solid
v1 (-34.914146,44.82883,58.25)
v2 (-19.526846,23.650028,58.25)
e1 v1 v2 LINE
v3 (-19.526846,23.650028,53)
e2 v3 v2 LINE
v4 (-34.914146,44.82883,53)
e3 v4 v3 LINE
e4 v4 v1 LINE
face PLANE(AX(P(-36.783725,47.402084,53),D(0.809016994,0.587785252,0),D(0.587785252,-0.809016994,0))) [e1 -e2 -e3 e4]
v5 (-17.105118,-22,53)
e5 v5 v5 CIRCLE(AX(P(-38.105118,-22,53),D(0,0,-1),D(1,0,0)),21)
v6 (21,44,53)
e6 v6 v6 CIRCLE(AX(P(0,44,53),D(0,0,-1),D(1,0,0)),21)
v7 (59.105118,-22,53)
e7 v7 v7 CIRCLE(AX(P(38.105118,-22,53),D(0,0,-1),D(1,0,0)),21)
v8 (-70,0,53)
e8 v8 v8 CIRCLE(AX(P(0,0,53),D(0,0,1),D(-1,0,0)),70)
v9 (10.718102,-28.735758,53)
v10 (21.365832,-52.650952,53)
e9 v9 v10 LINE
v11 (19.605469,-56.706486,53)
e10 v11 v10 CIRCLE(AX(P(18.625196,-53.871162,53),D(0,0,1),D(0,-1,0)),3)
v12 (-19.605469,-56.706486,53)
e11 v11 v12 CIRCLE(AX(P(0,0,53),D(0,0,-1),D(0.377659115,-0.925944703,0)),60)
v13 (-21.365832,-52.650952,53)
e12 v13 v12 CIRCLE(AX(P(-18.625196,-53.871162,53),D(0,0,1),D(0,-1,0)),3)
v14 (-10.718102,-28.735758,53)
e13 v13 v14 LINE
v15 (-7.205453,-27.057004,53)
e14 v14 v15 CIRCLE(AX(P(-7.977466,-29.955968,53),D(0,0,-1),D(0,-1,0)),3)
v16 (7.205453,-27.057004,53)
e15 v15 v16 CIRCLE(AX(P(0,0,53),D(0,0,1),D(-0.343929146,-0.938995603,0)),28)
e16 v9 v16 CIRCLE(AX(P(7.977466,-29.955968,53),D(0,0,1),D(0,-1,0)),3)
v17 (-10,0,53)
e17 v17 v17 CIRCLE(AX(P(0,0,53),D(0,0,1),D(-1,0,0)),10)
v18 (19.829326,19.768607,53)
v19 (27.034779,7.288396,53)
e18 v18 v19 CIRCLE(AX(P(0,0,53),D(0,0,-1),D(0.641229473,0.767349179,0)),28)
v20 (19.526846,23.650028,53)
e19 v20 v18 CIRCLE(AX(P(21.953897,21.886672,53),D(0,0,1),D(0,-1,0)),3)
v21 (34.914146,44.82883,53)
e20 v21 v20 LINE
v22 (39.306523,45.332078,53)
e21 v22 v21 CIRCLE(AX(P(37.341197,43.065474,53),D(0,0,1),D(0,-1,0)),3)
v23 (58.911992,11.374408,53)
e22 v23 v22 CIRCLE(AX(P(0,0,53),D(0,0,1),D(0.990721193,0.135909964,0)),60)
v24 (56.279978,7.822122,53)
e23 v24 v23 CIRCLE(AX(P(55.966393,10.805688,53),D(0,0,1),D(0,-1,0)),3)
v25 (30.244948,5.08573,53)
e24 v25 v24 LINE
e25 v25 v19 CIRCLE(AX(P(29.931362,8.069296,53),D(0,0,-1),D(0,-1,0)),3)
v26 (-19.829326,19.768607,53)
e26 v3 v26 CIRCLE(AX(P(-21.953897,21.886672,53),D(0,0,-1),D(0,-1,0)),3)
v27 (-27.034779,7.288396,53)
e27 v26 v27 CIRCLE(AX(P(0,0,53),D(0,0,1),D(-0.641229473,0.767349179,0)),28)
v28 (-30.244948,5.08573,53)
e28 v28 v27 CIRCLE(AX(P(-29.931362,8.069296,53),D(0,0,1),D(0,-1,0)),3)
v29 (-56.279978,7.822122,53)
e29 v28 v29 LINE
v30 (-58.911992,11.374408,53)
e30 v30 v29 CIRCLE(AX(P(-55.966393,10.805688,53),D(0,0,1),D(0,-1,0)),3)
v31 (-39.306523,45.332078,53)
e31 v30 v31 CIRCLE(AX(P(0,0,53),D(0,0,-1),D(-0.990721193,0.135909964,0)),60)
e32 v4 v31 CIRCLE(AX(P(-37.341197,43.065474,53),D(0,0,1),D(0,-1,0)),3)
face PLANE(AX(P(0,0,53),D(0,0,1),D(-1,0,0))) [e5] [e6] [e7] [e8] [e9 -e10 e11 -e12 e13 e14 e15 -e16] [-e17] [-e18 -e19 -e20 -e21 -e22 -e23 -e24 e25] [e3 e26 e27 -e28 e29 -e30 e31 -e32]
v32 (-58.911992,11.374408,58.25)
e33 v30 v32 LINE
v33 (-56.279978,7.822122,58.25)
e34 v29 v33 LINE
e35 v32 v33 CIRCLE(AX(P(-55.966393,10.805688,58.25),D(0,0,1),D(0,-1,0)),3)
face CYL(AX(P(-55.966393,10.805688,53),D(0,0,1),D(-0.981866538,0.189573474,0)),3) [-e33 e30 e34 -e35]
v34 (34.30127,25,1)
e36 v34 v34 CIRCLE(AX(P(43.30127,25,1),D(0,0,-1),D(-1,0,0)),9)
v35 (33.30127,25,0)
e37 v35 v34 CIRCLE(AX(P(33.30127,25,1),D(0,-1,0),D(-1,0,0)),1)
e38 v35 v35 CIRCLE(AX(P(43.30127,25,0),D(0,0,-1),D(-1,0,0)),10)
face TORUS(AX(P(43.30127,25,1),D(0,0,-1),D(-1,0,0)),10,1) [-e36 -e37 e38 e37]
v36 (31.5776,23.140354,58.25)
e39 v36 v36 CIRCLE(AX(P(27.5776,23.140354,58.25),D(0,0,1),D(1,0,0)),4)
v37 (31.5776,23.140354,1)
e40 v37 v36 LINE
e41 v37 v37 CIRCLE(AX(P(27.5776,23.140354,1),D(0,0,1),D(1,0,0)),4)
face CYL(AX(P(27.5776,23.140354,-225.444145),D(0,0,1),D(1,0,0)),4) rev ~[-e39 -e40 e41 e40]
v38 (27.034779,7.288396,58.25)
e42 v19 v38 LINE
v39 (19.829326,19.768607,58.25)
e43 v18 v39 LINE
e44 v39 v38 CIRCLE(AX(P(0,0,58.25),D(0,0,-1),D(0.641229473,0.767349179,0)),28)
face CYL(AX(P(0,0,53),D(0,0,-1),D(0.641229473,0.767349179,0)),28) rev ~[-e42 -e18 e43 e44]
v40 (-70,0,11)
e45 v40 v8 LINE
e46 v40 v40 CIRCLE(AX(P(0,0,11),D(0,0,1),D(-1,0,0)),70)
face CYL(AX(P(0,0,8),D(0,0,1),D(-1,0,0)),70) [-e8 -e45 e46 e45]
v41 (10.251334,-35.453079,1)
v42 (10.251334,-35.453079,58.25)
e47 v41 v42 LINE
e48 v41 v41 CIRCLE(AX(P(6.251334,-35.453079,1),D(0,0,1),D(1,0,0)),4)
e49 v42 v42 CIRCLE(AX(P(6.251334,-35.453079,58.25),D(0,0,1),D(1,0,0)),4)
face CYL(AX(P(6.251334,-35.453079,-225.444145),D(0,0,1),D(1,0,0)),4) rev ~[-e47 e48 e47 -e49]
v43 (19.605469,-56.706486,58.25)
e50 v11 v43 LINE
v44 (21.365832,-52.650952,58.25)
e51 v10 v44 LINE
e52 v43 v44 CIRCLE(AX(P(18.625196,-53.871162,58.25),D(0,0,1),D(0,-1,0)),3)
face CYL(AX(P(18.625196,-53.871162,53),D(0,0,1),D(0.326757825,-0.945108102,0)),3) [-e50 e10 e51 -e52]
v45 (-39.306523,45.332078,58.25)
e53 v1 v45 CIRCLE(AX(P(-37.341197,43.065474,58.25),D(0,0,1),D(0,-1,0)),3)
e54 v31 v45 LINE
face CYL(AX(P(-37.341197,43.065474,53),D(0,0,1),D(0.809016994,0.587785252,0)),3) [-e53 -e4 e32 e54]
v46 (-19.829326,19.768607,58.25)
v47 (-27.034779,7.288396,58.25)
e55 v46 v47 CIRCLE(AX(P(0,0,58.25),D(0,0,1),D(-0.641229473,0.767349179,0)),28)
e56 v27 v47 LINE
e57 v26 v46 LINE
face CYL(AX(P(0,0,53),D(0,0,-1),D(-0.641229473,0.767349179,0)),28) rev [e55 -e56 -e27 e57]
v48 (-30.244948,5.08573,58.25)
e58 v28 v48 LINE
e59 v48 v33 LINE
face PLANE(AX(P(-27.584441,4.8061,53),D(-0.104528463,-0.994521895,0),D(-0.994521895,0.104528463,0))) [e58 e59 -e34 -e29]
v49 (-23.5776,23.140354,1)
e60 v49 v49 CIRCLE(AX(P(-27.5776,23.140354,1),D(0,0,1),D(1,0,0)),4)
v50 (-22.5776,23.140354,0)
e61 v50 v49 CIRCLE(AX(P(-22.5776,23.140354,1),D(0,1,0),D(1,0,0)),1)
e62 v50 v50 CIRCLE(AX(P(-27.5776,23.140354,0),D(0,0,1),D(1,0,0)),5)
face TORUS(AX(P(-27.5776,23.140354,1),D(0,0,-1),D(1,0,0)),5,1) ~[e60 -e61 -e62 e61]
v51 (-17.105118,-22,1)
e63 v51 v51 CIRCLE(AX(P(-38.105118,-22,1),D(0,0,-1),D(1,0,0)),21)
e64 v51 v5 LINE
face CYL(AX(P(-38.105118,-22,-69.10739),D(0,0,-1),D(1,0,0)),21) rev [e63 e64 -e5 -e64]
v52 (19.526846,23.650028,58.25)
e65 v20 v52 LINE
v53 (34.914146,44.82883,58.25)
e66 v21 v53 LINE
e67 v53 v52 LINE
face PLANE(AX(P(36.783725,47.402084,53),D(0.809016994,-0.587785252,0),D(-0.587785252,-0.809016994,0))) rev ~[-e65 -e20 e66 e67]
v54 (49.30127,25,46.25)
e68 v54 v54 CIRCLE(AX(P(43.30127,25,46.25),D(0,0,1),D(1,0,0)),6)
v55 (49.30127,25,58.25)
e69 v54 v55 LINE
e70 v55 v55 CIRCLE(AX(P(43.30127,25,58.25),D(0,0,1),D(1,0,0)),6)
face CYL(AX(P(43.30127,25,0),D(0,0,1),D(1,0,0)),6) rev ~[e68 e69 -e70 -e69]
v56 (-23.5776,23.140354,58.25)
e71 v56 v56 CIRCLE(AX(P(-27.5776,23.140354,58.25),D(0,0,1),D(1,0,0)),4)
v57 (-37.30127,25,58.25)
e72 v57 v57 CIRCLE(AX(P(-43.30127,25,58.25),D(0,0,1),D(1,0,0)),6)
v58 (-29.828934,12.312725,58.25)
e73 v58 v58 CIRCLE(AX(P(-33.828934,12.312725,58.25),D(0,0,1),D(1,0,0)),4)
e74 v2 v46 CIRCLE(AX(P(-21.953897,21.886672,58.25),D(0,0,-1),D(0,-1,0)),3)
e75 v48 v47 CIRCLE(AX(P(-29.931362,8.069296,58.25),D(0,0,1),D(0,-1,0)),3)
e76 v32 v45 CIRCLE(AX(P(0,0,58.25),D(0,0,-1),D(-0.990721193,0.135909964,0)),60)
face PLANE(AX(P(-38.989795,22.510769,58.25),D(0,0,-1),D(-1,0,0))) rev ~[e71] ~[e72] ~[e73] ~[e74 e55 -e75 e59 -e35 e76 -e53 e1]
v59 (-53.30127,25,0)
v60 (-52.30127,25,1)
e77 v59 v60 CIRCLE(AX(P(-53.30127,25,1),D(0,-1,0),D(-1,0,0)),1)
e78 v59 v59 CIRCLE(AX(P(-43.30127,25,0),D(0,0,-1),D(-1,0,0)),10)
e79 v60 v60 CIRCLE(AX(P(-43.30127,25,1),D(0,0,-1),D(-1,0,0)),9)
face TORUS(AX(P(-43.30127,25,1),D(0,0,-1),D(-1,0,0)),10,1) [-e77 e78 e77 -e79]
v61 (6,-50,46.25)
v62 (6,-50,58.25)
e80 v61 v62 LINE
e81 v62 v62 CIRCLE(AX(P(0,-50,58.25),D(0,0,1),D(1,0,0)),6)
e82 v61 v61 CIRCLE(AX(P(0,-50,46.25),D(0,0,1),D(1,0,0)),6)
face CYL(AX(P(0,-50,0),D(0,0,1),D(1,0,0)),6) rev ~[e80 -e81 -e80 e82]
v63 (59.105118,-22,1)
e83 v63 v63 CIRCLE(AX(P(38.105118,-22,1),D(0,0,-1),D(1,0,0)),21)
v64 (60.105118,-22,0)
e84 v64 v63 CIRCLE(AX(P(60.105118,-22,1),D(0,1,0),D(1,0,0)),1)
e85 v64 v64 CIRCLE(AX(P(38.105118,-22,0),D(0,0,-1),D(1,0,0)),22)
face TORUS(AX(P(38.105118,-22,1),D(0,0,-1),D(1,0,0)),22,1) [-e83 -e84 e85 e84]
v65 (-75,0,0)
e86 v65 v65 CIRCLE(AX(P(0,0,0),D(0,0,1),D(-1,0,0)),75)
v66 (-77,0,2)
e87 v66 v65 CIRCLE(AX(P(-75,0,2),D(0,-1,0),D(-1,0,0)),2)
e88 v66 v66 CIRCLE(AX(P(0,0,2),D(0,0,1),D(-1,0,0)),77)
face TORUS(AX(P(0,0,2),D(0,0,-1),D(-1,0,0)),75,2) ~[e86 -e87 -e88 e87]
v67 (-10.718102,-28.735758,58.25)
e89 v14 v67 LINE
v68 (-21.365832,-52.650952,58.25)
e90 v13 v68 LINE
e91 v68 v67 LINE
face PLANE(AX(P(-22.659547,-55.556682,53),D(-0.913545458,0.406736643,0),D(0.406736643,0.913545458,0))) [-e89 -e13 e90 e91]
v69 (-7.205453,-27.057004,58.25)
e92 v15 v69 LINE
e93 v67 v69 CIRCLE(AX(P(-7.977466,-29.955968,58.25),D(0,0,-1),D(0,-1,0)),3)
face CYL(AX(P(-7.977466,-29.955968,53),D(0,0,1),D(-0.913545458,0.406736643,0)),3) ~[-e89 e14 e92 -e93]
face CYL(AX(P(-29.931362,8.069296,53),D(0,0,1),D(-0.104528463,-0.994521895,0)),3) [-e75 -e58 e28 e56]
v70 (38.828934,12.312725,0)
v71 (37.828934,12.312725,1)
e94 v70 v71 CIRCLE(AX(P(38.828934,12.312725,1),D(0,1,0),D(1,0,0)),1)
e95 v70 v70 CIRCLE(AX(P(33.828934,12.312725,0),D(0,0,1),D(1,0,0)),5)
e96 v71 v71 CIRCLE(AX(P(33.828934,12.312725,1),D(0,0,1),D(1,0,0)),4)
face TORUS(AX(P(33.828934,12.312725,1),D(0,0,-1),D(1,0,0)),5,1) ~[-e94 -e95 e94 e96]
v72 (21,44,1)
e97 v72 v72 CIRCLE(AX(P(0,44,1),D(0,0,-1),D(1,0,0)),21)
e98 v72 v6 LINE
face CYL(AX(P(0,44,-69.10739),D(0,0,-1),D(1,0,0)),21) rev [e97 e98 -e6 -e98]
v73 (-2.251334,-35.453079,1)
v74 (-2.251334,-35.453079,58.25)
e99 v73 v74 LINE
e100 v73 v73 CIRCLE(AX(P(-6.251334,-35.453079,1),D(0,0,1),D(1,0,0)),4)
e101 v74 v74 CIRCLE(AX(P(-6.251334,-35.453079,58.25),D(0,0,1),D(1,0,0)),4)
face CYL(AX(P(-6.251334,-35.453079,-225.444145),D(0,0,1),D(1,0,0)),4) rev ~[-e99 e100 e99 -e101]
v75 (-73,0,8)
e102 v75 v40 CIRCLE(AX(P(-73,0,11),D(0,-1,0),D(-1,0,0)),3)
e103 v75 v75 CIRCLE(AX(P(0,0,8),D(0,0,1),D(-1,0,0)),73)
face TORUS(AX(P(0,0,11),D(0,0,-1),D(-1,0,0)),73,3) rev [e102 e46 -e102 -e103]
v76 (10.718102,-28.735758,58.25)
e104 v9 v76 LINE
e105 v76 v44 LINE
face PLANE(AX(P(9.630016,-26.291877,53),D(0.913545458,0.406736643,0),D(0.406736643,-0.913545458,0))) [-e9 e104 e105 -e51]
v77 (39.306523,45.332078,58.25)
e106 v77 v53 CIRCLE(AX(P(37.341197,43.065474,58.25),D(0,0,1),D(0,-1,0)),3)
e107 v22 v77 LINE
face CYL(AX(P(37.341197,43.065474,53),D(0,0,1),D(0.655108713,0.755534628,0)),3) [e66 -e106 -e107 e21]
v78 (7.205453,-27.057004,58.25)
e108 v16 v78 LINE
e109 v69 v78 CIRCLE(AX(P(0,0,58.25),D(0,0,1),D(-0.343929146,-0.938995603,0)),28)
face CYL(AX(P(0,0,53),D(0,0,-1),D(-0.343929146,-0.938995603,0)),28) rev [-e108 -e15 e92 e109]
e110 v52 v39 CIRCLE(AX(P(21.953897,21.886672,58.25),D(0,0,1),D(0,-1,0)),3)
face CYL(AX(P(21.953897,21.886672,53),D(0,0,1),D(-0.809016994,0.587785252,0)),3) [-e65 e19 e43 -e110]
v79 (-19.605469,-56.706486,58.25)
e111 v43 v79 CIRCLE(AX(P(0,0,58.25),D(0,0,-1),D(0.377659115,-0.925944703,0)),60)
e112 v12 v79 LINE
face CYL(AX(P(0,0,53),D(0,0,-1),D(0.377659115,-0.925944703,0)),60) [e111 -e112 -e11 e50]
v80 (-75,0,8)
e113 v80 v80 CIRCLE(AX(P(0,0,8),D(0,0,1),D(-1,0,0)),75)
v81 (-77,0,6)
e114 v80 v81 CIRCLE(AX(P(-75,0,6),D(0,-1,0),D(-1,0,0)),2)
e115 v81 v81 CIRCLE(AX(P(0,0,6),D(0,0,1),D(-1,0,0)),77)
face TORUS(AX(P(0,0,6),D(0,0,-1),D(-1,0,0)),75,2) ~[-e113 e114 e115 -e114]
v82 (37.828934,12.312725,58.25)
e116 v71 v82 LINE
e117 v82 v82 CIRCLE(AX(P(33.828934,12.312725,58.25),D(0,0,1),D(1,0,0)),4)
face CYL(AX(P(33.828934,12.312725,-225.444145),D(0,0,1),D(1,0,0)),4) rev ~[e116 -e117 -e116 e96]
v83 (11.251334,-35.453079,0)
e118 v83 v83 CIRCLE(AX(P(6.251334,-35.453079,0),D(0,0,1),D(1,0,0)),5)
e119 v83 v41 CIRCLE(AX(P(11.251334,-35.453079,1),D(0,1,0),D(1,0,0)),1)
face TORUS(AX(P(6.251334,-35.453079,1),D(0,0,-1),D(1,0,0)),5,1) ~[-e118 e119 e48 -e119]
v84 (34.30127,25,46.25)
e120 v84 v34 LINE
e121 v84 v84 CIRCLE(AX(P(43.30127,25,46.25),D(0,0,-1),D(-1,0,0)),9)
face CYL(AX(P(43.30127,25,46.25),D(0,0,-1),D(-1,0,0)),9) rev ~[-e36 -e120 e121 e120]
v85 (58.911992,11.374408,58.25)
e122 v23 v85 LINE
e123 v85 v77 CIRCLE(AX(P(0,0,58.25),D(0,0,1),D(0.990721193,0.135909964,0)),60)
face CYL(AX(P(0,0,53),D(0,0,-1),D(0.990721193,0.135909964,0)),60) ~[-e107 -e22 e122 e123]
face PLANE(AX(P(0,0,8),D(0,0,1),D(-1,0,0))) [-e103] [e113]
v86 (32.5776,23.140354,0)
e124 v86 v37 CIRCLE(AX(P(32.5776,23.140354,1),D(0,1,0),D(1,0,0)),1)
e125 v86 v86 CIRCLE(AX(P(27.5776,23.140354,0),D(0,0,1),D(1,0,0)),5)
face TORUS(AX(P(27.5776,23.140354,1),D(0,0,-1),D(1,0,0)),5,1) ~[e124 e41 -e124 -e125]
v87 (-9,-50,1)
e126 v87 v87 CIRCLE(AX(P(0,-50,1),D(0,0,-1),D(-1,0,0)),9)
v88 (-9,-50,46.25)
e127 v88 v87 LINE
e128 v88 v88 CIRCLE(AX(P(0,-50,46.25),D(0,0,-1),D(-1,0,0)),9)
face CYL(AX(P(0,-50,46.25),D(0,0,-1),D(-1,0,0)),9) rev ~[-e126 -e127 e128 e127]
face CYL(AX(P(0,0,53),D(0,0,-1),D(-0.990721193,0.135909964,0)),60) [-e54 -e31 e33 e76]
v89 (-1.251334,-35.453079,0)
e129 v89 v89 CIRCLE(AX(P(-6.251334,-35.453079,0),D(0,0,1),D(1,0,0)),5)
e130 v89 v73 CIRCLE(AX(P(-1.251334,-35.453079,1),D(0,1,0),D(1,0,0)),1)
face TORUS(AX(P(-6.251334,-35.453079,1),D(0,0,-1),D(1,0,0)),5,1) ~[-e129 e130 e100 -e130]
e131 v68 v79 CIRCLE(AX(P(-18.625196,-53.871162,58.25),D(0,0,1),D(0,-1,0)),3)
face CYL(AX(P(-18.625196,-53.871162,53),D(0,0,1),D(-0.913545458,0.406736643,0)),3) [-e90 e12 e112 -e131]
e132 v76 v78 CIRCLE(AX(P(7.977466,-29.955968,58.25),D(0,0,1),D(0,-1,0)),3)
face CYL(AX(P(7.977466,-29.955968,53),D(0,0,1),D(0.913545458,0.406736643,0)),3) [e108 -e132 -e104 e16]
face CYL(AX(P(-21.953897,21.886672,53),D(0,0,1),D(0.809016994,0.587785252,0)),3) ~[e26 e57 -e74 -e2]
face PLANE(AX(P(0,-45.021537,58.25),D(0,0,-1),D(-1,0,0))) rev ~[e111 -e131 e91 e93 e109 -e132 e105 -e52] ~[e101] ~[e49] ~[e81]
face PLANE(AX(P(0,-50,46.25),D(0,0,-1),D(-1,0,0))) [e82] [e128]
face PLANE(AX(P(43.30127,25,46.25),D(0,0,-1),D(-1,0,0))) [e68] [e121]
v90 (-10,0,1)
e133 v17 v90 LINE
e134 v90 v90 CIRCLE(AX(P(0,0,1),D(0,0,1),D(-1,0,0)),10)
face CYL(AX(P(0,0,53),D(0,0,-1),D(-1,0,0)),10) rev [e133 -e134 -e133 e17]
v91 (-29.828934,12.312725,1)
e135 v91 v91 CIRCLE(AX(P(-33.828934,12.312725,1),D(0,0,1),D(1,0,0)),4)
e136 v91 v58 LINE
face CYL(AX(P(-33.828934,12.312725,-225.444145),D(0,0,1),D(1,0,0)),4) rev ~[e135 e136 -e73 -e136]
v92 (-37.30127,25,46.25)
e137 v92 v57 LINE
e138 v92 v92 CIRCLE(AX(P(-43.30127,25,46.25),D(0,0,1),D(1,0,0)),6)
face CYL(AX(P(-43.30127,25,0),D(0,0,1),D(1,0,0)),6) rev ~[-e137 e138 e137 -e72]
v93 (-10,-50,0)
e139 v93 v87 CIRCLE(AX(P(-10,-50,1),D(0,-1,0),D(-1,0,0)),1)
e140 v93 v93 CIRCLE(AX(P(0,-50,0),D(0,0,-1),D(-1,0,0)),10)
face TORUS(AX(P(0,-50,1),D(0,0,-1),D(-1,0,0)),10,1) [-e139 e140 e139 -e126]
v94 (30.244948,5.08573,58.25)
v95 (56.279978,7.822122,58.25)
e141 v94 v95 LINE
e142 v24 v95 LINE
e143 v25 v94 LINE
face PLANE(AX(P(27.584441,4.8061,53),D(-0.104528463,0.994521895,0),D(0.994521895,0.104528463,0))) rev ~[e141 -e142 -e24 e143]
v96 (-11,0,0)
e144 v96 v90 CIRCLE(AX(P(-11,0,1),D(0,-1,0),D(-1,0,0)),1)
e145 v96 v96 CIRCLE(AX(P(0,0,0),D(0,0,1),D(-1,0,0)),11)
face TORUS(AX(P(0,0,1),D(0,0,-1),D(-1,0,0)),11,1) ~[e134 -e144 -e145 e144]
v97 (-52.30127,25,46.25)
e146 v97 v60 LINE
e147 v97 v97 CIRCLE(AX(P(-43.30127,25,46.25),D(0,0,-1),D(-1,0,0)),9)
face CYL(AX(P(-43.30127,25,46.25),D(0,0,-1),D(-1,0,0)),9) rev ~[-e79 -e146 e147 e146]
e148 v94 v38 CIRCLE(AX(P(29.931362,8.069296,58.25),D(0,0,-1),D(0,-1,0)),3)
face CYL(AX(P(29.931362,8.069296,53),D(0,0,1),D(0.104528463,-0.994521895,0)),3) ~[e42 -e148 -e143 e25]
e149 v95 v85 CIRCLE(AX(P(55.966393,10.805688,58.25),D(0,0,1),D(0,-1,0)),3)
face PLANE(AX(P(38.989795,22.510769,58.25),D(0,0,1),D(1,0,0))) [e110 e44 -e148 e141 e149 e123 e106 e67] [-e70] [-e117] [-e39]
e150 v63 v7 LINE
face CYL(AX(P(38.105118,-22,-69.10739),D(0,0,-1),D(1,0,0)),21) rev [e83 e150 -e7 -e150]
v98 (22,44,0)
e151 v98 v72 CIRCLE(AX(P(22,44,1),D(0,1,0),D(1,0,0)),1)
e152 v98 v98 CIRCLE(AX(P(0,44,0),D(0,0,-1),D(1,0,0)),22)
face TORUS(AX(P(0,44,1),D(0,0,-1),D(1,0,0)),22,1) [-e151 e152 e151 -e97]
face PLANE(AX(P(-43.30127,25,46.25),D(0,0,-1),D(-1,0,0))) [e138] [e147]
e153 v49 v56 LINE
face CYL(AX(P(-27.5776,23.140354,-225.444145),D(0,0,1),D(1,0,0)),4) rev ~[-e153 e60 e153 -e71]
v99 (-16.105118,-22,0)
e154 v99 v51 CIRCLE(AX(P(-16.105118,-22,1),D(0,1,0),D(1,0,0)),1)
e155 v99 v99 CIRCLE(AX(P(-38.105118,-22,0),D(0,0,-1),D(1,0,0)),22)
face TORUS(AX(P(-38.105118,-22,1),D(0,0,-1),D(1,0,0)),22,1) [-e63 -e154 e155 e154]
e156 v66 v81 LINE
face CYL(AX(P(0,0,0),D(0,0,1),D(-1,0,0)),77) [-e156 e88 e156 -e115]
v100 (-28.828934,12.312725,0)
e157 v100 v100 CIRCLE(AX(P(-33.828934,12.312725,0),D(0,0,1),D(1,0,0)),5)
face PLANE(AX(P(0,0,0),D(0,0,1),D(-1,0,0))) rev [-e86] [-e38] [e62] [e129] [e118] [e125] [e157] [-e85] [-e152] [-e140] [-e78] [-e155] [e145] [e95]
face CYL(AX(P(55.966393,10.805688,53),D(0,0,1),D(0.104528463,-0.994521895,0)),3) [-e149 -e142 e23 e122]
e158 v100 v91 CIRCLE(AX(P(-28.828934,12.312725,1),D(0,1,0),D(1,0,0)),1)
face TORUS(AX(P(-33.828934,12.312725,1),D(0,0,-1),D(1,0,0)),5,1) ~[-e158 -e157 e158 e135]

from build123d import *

# Parameters (mm, degrees)
ENL_V_MAT_EXTRU_1_DEPTH      = 122.107390361
ENL_V_MAT_EXTRU_1_DEPTH_BACK = 122.107390361
ESQUISSE2_R                  = 21
BOSS_EXTRU_1_DEPTH           = 5.25
TROUS_DE_CENTRAGE_8_0MM1_D   = 8
PER_AGE3_D                   = 12
PER_AGE3_CBORE_D             = 18
PER_AGE3_CBORE_DEPTH         = 46.25
CONG_1_R                     = 3
CONG_2_R                     = 2
CONG_3_R                     = 1
CONG_6_R                     = 3


with BuildPart() as part:
    # Esquisse1 → Révolution1 (revolve)
    with BuildSketch(Plane(origin=(0, 0, 0), x_dir=(0, 0, -1), z_dir=(1, 0, 0))):
        Polygon((0, 10), (0, 77), (-8, 77), (-8, 70), (-53, 70), (-53, 10), align=None)
    revolve(axis=Axis((0, 0, 0), (0, 0, 1)))

    # Esquisse2 → Enlèv. mat.-Extru.1 (cut, two sides: drawn at the far end of the back side and taken through both)
    with BuildSketch(Plane.XY.offset(53).offset(-ENL_V_MAT_EXTRU_1_DEPTH_BACK)):
        with Locations((0, 44)):
            Circle(ESQUISSE2_R)
        with Locations((38.105117767, -22)):
            Circle(ESQUISSE2_R)
        with Locations((-38.105117767, -22)):
            Circle(ESQUISSE2_R)
    extrude(amount=ENL_V_MAT_EXTRU_1_DEPTH + ENL_V_MAT_EXTRU_1_DEPTH_BACK, mode=Mode.SUBTRACT)

    # Esquisse2<3> → Boss.-Extru.1 (add)
    with BuildSketch(Plane.XY.offset(53)):
        with BuildLine():
            Line((36.783724687, 47.402084323), (17.954425256, 21.48577701))
            ThreePointArc((17.954425256, 21.48577701), (24.248711306, 14), (27.584441339, 4.806099877))
            Line((27.584441339, 4.806099877), (59.443271559, 8.154597863))
            ThreePointArc((59.443271559, 8.154597863), (51.961524227, 30), (36.783724687, 47.402084323))
        make_face()
        with BuildLine():
            Line((22.659546872, -55.556682186), (9.630016083, -26.291876887))
            ThreePointArc((9.630016083, -26.291876887), (0, -28), (-9.630016083, -26.291876887))
            Line((-9.630016083, -26.291876887), (-22.659546872, -55.556682186))
            ThreePointArc((-22.659546872, -55.556682186), (0, -60), (22.659546872, -55.556682186))
        make_face()
        with BuildLine():
            Line((-59.443271559, 8.154597863), (-27.584441339, 4.806099877))
            ThreePointArc((-27.584441339, 4.806099877), (-24.248711306, 14), (-17.954425256, 21.48577701))
            Line((-17.954425256, 21.48577701), (-36.783724687, 47.402084323))
            ThreePointArc((-36.783724687, 47.402084323), (-51.961524227, 30), (-59.443271559, 8.154597863))
        make_face()
    extrude(amount=BOSS_EXTRU_1_DEPTH)

    # Trous de centrage Ø8.0mm1 (through all)
    with Locations(Plane(origin=(27.577599952, 23.140353949, 0), x_dir=(-1, 0, 0), z_dir=(0, 0, -1))):
        with Locations((0, 0), (-6.251334396, -10.827628789), (21.326265556, -58.593433057), (33.828934348, -58.593433057), (61.4065343, -10.827628789), (55.155199904, 0)):
            Hole(TROUS_DE_CENTRAGE_8_0MM1_D / 2)

    # Perçage3 (through all)
    with Locations(Plane(origin=(43.301270189, 25, 0), x_dir=(-1, 0, 0), z_dir=(0, 0, -1))):
        with Locations((0, 0), (86.602540378, 0), (43.301270189, -75)):
            CounterBoreHole(PER_AGE3_D / 2, PER_AGE3_CBORE_D / 2, PER_AGE3_CBORE_DEPTH)

    # Congé1
    cong_1_edges = [part.edges().sort_by_distance(p)[0] for p in [
        (0, -70, 8),
    ]]
    fillet(cong_1_edges, radius=CONG_1_R)

    # Congé2
    cong_2_edges = [part.edges().sort_by_distance(p)[0] for p in [
        (0, -77, 8),
        (0, -77, 0),
    ]]
    fillet(cong_2_edges, radius=CONG_2_R)

    # Congé3
    cong_3_edges = [part.edges().sort_by_distance(p)[0] for p in [
        (2.251334396, -35.453079108, 0),
        (-34.301270189, 25, 0),
        (-31.577599952, 23.140353949, 0),
        (52.301270189, 25, 0),
        (23.577599952, 23.140353949, 0),
        (29.828934348, 12.31272516, 0),
        (17.105117767, -22, 0),
        (0, -10, 0),
        (-10.251334396, -35.453079108, 0),
        (9, -50, 0),
        (-59.105117767, -22, 0),
        (-37.828934348, 12.31272516, 0),
        (-21, 44, 0),
    ]]
    fillet(cong_3_edges, radius=CONG_3_R)

    # Congé6
    cong_6_edges = [part.edges().sort_by_distance(p)[0] for p in [
        (-9.630016083, -26.291876887, 55.625),
        (-22.659546872, -55.556682186, 55.625),
        (22.659546872, -55.556682186, 55.625),
        (9.630016083, -26.291876887, 55.625),
        (-36.783724687, 47.402084323, 55.625),
        (-59.443271559, 8.154597863, 55.625),
        (-17.954425256, 21.48577701, 55.625),
        (-27.584441339, 4.806099877, 55.625),
        (27.584441339, 4.806099877, 55.625),
        (17.954425256, 21.48577701, 55.625),
        (36.783724687, 47.402084323, 55.625),
        (59.443271559, 8.154597863, 55.625),
    ]]
    fillet(cong_6_edges, radius=CONG_6_R)


solid = part.part
